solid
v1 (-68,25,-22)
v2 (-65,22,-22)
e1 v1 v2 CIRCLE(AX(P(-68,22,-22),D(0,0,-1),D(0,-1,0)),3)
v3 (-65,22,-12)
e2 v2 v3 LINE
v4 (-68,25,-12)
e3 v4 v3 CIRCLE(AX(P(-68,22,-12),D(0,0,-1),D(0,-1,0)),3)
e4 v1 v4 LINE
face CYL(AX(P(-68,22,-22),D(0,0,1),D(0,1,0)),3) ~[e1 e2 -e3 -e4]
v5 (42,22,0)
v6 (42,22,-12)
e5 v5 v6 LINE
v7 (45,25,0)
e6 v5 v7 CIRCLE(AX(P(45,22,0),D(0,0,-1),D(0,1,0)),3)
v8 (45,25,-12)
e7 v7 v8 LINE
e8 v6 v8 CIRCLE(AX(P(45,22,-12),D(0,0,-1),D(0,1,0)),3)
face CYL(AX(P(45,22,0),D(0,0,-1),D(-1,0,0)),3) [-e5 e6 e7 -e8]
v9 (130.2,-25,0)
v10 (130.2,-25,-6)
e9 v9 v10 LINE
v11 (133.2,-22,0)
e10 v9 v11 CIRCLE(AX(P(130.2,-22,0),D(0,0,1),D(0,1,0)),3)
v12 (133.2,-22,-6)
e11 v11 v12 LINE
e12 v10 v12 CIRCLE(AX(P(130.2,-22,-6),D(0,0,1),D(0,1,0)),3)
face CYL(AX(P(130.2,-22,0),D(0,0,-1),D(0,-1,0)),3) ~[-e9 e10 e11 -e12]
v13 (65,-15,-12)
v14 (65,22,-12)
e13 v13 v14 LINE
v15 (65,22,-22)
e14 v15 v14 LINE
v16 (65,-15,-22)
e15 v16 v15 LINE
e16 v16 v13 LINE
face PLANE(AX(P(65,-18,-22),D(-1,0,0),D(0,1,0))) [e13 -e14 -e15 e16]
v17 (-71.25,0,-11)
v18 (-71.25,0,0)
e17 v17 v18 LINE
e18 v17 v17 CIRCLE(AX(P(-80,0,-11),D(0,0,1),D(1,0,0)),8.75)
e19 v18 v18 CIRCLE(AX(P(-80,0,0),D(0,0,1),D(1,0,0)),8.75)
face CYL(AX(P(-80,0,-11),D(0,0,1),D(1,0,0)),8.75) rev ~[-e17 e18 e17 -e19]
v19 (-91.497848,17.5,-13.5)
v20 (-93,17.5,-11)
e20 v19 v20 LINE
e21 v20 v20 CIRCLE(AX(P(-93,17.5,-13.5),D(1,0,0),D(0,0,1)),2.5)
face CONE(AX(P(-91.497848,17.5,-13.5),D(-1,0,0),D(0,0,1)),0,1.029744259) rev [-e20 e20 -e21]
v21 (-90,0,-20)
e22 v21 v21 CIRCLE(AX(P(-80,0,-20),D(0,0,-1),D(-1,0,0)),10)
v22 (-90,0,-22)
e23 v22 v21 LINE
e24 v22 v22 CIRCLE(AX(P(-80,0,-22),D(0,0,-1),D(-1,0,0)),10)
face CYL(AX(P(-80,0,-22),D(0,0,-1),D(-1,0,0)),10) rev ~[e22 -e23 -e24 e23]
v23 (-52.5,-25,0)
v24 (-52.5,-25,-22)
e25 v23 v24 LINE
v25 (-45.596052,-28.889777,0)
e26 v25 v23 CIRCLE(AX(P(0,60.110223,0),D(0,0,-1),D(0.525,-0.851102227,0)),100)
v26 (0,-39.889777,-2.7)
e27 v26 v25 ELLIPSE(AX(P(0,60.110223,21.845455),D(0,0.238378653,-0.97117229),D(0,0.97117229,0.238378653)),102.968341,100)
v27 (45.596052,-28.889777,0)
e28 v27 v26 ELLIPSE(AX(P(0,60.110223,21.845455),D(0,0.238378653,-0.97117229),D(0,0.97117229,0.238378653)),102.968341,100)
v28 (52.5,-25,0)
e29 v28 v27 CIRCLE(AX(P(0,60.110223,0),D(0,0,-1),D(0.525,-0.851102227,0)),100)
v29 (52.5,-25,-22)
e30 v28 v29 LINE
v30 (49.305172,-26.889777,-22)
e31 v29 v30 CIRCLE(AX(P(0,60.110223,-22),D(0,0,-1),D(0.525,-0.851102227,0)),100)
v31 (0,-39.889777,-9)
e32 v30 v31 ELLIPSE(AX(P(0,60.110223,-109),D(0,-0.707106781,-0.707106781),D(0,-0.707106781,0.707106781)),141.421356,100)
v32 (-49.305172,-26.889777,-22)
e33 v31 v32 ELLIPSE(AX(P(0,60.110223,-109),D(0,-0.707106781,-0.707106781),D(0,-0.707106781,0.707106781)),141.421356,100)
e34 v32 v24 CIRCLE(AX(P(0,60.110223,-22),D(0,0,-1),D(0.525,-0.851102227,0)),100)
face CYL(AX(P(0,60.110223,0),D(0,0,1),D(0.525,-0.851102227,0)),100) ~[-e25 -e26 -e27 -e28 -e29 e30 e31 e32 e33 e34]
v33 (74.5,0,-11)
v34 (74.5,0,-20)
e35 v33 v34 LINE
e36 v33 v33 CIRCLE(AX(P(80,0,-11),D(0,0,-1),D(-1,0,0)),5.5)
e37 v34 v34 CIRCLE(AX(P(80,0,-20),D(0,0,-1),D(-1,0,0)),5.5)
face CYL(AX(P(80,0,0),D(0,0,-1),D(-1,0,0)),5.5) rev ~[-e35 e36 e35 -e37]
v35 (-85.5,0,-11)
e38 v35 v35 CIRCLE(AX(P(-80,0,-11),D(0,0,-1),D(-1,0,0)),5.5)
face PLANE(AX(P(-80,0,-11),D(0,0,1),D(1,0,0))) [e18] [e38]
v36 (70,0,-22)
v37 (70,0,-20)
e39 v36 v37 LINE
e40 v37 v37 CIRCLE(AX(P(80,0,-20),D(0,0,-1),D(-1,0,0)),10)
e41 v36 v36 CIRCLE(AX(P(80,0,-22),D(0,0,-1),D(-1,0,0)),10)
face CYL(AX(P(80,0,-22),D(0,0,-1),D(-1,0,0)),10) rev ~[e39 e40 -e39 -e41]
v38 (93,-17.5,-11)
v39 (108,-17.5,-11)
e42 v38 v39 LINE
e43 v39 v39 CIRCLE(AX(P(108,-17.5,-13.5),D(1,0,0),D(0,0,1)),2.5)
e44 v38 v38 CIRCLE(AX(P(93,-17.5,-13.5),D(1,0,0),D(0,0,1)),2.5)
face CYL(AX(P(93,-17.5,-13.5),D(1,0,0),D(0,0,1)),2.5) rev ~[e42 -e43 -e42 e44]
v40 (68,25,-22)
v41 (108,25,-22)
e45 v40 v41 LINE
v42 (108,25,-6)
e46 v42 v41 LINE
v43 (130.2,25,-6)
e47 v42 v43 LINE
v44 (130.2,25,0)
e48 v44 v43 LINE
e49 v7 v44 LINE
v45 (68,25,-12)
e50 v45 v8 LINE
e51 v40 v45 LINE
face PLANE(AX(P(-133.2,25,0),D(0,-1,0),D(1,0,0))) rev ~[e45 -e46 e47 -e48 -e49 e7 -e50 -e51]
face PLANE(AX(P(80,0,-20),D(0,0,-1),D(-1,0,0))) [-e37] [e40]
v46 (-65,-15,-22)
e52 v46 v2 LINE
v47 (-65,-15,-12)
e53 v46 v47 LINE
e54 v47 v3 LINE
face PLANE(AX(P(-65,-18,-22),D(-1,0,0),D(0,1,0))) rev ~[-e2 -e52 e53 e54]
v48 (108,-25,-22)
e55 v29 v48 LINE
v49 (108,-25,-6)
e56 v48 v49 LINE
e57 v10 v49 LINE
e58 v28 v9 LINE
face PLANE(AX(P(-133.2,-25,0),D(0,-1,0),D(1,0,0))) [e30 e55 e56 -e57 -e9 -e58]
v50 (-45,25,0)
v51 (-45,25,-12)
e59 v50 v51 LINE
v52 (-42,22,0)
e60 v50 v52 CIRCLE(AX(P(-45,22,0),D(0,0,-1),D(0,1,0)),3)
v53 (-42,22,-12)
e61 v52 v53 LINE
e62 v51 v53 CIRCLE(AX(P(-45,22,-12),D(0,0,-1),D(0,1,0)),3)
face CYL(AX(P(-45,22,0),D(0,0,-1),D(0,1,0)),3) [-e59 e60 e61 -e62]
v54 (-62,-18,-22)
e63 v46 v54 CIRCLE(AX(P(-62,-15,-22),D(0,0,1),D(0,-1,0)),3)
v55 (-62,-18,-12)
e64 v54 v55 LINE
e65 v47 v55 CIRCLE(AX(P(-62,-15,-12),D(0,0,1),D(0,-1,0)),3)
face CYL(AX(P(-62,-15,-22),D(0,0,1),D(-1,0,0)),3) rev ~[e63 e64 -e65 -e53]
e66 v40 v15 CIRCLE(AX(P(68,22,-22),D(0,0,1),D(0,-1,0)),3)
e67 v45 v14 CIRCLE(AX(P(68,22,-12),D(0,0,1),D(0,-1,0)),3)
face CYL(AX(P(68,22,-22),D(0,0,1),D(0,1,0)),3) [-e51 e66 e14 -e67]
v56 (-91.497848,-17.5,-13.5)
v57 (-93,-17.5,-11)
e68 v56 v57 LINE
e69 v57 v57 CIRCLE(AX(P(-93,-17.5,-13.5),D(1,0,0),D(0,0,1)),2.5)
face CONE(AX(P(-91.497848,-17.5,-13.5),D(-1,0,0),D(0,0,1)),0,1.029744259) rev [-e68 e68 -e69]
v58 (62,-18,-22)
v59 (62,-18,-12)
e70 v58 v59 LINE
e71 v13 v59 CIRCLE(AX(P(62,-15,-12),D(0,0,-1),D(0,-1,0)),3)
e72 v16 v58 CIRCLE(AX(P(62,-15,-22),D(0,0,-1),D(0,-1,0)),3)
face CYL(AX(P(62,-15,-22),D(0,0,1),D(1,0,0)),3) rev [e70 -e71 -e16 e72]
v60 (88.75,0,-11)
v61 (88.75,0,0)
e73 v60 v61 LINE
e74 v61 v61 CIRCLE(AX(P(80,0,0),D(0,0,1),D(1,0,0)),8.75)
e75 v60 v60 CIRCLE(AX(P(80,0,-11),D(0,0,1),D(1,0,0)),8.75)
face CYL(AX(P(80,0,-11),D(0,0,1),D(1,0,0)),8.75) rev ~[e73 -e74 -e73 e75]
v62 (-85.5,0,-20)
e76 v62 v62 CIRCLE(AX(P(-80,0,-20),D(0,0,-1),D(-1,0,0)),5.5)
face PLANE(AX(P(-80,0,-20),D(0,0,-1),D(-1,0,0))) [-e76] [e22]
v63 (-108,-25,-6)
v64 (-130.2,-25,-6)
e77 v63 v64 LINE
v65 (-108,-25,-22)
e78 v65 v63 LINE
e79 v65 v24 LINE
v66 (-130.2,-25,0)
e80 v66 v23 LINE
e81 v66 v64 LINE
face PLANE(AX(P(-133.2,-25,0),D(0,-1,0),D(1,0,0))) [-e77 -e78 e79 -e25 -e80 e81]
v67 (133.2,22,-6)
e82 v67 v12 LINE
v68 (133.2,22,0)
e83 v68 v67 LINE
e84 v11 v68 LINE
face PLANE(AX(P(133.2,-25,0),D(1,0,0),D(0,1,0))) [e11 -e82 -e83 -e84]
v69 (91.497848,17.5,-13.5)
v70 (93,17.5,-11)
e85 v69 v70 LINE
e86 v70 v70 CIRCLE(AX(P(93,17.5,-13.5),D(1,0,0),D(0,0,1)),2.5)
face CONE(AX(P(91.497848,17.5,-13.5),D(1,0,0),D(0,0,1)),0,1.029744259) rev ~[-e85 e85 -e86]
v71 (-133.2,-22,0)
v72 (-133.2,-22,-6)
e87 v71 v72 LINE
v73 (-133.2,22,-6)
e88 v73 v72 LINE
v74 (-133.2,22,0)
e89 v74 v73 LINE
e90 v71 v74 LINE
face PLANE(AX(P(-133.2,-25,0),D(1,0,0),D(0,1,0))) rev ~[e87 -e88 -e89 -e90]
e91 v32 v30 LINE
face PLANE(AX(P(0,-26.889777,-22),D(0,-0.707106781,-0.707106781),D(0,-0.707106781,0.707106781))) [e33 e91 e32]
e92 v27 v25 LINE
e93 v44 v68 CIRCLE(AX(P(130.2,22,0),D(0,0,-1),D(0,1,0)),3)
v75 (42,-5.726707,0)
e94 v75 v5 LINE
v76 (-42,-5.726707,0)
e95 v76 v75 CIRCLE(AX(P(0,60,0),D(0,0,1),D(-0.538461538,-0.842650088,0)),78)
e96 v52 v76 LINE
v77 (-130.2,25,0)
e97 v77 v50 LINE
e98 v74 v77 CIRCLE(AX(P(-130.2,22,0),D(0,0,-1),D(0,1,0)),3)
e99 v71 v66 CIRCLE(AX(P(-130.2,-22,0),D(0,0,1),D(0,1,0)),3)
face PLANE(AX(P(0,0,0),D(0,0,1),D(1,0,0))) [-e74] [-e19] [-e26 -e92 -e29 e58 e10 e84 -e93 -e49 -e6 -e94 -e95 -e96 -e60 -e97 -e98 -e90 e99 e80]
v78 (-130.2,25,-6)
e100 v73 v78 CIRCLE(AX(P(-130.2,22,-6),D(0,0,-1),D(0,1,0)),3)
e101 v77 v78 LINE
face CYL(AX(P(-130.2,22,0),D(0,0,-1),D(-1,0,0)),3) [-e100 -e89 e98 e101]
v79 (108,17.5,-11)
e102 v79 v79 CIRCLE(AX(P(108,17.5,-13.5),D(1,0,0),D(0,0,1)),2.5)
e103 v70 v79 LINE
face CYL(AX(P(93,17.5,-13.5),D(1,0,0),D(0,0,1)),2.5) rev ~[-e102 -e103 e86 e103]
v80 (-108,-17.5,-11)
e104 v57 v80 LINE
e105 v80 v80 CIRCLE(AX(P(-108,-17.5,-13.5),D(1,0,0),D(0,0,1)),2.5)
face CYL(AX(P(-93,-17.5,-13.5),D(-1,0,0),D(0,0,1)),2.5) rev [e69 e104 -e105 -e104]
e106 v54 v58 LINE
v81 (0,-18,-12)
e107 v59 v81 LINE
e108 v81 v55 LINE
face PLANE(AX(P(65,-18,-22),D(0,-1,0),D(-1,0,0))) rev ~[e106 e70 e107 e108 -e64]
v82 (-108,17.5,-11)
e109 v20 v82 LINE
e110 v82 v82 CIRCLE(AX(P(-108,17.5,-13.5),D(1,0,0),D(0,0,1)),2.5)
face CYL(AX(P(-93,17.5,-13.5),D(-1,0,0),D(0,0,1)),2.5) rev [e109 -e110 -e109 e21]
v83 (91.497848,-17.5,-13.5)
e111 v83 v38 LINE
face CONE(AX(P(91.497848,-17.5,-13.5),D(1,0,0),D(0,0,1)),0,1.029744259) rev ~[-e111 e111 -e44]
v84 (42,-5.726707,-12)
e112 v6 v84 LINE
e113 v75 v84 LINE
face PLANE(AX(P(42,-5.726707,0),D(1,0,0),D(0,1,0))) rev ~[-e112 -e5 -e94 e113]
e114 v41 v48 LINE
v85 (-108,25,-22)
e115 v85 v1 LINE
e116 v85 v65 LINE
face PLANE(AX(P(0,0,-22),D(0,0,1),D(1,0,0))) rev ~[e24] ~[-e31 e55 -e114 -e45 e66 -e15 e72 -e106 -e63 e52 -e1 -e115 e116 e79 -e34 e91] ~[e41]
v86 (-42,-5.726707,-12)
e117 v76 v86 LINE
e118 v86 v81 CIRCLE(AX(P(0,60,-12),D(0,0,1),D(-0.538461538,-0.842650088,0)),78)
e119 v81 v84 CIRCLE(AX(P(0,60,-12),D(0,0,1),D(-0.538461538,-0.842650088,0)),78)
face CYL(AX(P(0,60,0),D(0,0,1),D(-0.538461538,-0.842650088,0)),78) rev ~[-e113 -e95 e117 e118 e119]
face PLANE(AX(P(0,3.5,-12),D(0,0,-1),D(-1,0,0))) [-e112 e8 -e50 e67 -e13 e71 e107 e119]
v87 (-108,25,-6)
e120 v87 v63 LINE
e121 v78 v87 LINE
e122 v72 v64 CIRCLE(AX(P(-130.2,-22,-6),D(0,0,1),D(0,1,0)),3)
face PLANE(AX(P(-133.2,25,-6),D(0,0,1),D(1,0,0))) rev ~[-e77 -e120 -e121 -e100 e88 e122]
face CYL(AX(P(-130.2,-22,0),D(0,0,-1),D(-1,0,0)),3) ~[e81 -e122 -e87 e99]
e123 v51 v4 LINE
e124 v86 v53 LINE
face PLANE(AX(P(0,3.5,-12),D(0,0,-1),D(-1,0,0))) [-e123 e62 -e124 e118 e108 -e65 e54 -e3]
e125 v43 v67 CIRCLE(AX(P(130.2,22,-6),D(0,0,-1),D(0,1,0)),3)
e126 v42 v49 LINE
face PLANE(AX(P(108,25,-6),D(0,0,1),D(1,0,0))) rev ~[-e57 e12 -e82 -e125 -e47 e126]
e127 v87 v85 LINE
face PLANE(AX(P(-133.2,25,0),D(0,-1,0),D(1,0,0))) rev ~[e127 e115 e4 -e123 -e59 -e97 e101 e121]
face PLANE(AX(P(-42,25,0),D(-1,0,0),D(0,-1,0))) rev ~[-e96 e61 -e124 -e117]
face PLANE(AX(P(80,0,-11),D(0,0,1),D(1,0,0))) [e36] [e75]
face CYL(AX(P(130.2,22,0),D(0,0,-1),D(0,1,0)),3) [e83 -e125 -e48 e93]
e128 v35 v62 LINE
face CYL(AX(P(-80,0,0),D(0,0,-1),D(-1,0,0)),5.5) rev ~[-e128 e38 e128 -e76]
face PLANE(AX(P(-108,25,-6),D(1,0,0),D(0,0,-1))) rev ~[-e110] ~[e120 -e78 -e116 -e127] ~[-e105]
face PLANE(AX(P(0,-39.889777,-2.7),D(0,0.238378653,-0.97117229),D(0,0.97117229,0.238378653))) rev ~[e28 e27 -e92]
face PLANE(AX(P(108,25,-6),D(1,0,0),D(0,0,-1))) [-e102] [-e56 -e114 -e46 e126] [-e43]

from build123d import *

# Parameters (mm, degrees)
SKETCH_1_W                = 266.4
SKETCH_1_H                = 50
EXTRUDE_1_DEPTH           = 22
SKETCH_2_W                = 25.2
SKETCH_2_H                = 16
CUT_EXTRUDE_1_DEPTH       = 144.966107122
SKETCH_5_W                = 130
SKETCH_5_H                = 43
CUT_EXTRUDE_4_DEPTH       = 10
CUT_EXTRUDE_2_DEPTH       = 138.299817917
EXTRUDE_2_DEPTH           = 22
CUT_EXTRUDE_5_DEPTH       = 250
HOLE_WIZARD_1_D           = 11
HOLE_WIZARD_1_DEPTH       = 100
HOLE_WIZARD_1_CBORE_D     = 17.5
HOLE_WIZARD_1_CBORE_DEPTH = 11
SKETCH_10_R               = 10
CUT_EXTRUDE_6_DEPTH       = 2
M6X1_0_1_AT_2_COUNT       = 2
M6X1_0_1_AT_2_PITCH       = 35
FILLET_1_R                = 3


with BuildPart() as part:
    # 草图1 → 凸台-拉伸1 (new body)
    with BuildSketch(Plane.XY):
        Rectangle(SKETCH_1_W, SKETCH_1_H)
    extrude(amount=-EXTRUDE_1_DEPTH)

    # 草图2 → 切除-拉伸1 (cut, through all)
    with BuildSketch(Plane(origin=(0, 25, 0), x_dir=(1, 0, 0), z_dir=(0, 1, 0))):
        with Locations((-120.6, 14)):
            Rectangle(SKETCH_2_W, SKETCH_2_H)
        with Locations((120.6, 14)):
            Rectangle(SKETCH_2_W, SKETCH_2_H)
    extrude(amount=-CUT_EXTRUDE_1_DEPTH, mode=Mode.SUBTRACT)

    # 草图5 → 切除-拉伸4 (cut)
    with BuildSketch(Plane(origin=(0, 0, -22), x_dir=(-1, 0, 0), z_dir=(0, 0, -1))):
        with Locations((0, 3.5)):
            Rectangle(SKETCH_5_W, SKETCH_5_H)
    extrude(amount=-CUT_EXTRUDE_4_DEPTH, mode=Mode.SUBTRACT)

    # 草图3 → 切除-拉伸2 (cut, through all)
    with BuildSketch(Plane.XY):
        with BuildLine():
            Line((-42, 25), (-42, -5.726706901))
            ThreePointArc((-42, -5.726706901), (0, -18), (42, -5.726706901))
            Line((42, -5.726706901), (42, 25))
            Line((42, 25), (-42, 25))
        make_face()
    extrude(amount=-CUT_EXTRUDE_2_DEPTH, mode=Mode.SUBTRACT)

    # 草图6 → 凸台-拉伸2 (add)
    with BuildSketch(Plane.XY):
        with BuildLine():
            Line((-52.5, -25), (52.5, -25))
            ThreePointArc((52.5, -25), (0, -39.889777347), (-52.5, -25))
        make_face()
    extrude(amount=-EXTRUDE_2_DEPTH)

    # 草图7 → 切除-拉伸5 (cut, symmetric)
    with BuildSketch(Plane(origin=(0, 0, 0), x_dir=(0, 0, -1), z_dir=(1, 0, 0))):
        Polygon((22, -39.889777347), (22, -26.889777347), (9, -39.889777347), align=None)
        Polygon((0, -39.889777347), (2.7, -39.889777347), (0, -28.889777347), align=None)
    extrude(amount=CUT_EXTRUDE_5_DEPTH, both=True, mode=Mode.SUBTRACT)

    # 孔1
    with Locations(Plane.XY):
        with Locations((80, 0), (-80, 0)):
            CounterBoreHole(HOLE_WIZARD_1_D / 2, HOLE_WIZARD_1_CBORE_D / 2, HOLE_WIZARD_1_CBORE_DEPTH, depth=HOLE_WIZARD_1_DEPTH)

    # 草图10 → 切除-拉伸6 (cut)
    with BuildSketch(Plane(origin=(0, 0, -22), x_dir=(-1, 0, 0), z_dir=(0, 0, -1))):
        with Locations((80, 0)):
            Circle(SKETCH_10_R)
        with Locations((-80, 0)):
            Circle(SKETCH_10_R)
    extrude(amount=-CUT_EXTRUDE_6_DEPTH, mode=Mode.SUBTRACT)

    # 草图11 → M6x1.0 螺纹孔1 (revolve, cut)
    with BuildSketch(Plane(origin=(-108, -17.5, -13.5), x_dir=(0, 0, 1), z_dir=(0, 1, 0))):
        Polygon((0, 0), (0, 16.502151548), (2.5, 15), (2.5, 0), align=None)
    m6x1_0_1 = revolve(axis=Axis((-114.35, -17.5, -13.5), (1, 0, 0)), mode=Mode.SUBTRACT)

    # M6x1.0 螺纹孔1 at 2: M6x1.0 螺纹孔1 ×2
    with Locations(*[(0, i * M6X1_0_1_AT_2_PITCH, 0) for i in range(1, M6X1_0_1_AT_2_COUNT)]):
        add(m6x1_0_1, mode=Mode.SUBTRACT)

    # 镜向1: M6x1.0 螺纹孔1 across plane
    add(m6x1_0_1.mirror(Plane(origin=(0, 0, 0), x_dir=(0, 0, 1), z_dir=(1, 0, 0))), mode=Mode.SUBTRACT)

    # 镜向1 copy 1 sketch → 镜向1 copy 1 (revolve, cut)
    with BuildSketch(Plane(origin=(108, 17.5, -13.5), x_dir=(0, 0, 1), z_dir=(0, 1, 0))):
        Polygon((0, 0), (0, -16.502151548), (2.5, -15), (2.5, 0), align=None)
    revolve(axis=Axis((114.35, 17.5, -13.5), (1, 0, 0)), mode=Mode.SUBTRACT)

    # 圆角1
    fillet_1_edges = [part.edges().sort_by_distance(p)[0] for p in [
        (-133.2, -25, -3),
        (-133.2, 25, -3),
        (133.2, -25, -3),
        (133.2, 25, -3),
        (65, -18, -17),
        (65, 25, -17),
        (-65, 25, -17),
        (-65, -18, -17),
        (-42, 25, -6),
        (42, 25, -6),
    ]]
    fillet(fillet_1_edges, radius=FILLET_1_R)


solid = part.part
